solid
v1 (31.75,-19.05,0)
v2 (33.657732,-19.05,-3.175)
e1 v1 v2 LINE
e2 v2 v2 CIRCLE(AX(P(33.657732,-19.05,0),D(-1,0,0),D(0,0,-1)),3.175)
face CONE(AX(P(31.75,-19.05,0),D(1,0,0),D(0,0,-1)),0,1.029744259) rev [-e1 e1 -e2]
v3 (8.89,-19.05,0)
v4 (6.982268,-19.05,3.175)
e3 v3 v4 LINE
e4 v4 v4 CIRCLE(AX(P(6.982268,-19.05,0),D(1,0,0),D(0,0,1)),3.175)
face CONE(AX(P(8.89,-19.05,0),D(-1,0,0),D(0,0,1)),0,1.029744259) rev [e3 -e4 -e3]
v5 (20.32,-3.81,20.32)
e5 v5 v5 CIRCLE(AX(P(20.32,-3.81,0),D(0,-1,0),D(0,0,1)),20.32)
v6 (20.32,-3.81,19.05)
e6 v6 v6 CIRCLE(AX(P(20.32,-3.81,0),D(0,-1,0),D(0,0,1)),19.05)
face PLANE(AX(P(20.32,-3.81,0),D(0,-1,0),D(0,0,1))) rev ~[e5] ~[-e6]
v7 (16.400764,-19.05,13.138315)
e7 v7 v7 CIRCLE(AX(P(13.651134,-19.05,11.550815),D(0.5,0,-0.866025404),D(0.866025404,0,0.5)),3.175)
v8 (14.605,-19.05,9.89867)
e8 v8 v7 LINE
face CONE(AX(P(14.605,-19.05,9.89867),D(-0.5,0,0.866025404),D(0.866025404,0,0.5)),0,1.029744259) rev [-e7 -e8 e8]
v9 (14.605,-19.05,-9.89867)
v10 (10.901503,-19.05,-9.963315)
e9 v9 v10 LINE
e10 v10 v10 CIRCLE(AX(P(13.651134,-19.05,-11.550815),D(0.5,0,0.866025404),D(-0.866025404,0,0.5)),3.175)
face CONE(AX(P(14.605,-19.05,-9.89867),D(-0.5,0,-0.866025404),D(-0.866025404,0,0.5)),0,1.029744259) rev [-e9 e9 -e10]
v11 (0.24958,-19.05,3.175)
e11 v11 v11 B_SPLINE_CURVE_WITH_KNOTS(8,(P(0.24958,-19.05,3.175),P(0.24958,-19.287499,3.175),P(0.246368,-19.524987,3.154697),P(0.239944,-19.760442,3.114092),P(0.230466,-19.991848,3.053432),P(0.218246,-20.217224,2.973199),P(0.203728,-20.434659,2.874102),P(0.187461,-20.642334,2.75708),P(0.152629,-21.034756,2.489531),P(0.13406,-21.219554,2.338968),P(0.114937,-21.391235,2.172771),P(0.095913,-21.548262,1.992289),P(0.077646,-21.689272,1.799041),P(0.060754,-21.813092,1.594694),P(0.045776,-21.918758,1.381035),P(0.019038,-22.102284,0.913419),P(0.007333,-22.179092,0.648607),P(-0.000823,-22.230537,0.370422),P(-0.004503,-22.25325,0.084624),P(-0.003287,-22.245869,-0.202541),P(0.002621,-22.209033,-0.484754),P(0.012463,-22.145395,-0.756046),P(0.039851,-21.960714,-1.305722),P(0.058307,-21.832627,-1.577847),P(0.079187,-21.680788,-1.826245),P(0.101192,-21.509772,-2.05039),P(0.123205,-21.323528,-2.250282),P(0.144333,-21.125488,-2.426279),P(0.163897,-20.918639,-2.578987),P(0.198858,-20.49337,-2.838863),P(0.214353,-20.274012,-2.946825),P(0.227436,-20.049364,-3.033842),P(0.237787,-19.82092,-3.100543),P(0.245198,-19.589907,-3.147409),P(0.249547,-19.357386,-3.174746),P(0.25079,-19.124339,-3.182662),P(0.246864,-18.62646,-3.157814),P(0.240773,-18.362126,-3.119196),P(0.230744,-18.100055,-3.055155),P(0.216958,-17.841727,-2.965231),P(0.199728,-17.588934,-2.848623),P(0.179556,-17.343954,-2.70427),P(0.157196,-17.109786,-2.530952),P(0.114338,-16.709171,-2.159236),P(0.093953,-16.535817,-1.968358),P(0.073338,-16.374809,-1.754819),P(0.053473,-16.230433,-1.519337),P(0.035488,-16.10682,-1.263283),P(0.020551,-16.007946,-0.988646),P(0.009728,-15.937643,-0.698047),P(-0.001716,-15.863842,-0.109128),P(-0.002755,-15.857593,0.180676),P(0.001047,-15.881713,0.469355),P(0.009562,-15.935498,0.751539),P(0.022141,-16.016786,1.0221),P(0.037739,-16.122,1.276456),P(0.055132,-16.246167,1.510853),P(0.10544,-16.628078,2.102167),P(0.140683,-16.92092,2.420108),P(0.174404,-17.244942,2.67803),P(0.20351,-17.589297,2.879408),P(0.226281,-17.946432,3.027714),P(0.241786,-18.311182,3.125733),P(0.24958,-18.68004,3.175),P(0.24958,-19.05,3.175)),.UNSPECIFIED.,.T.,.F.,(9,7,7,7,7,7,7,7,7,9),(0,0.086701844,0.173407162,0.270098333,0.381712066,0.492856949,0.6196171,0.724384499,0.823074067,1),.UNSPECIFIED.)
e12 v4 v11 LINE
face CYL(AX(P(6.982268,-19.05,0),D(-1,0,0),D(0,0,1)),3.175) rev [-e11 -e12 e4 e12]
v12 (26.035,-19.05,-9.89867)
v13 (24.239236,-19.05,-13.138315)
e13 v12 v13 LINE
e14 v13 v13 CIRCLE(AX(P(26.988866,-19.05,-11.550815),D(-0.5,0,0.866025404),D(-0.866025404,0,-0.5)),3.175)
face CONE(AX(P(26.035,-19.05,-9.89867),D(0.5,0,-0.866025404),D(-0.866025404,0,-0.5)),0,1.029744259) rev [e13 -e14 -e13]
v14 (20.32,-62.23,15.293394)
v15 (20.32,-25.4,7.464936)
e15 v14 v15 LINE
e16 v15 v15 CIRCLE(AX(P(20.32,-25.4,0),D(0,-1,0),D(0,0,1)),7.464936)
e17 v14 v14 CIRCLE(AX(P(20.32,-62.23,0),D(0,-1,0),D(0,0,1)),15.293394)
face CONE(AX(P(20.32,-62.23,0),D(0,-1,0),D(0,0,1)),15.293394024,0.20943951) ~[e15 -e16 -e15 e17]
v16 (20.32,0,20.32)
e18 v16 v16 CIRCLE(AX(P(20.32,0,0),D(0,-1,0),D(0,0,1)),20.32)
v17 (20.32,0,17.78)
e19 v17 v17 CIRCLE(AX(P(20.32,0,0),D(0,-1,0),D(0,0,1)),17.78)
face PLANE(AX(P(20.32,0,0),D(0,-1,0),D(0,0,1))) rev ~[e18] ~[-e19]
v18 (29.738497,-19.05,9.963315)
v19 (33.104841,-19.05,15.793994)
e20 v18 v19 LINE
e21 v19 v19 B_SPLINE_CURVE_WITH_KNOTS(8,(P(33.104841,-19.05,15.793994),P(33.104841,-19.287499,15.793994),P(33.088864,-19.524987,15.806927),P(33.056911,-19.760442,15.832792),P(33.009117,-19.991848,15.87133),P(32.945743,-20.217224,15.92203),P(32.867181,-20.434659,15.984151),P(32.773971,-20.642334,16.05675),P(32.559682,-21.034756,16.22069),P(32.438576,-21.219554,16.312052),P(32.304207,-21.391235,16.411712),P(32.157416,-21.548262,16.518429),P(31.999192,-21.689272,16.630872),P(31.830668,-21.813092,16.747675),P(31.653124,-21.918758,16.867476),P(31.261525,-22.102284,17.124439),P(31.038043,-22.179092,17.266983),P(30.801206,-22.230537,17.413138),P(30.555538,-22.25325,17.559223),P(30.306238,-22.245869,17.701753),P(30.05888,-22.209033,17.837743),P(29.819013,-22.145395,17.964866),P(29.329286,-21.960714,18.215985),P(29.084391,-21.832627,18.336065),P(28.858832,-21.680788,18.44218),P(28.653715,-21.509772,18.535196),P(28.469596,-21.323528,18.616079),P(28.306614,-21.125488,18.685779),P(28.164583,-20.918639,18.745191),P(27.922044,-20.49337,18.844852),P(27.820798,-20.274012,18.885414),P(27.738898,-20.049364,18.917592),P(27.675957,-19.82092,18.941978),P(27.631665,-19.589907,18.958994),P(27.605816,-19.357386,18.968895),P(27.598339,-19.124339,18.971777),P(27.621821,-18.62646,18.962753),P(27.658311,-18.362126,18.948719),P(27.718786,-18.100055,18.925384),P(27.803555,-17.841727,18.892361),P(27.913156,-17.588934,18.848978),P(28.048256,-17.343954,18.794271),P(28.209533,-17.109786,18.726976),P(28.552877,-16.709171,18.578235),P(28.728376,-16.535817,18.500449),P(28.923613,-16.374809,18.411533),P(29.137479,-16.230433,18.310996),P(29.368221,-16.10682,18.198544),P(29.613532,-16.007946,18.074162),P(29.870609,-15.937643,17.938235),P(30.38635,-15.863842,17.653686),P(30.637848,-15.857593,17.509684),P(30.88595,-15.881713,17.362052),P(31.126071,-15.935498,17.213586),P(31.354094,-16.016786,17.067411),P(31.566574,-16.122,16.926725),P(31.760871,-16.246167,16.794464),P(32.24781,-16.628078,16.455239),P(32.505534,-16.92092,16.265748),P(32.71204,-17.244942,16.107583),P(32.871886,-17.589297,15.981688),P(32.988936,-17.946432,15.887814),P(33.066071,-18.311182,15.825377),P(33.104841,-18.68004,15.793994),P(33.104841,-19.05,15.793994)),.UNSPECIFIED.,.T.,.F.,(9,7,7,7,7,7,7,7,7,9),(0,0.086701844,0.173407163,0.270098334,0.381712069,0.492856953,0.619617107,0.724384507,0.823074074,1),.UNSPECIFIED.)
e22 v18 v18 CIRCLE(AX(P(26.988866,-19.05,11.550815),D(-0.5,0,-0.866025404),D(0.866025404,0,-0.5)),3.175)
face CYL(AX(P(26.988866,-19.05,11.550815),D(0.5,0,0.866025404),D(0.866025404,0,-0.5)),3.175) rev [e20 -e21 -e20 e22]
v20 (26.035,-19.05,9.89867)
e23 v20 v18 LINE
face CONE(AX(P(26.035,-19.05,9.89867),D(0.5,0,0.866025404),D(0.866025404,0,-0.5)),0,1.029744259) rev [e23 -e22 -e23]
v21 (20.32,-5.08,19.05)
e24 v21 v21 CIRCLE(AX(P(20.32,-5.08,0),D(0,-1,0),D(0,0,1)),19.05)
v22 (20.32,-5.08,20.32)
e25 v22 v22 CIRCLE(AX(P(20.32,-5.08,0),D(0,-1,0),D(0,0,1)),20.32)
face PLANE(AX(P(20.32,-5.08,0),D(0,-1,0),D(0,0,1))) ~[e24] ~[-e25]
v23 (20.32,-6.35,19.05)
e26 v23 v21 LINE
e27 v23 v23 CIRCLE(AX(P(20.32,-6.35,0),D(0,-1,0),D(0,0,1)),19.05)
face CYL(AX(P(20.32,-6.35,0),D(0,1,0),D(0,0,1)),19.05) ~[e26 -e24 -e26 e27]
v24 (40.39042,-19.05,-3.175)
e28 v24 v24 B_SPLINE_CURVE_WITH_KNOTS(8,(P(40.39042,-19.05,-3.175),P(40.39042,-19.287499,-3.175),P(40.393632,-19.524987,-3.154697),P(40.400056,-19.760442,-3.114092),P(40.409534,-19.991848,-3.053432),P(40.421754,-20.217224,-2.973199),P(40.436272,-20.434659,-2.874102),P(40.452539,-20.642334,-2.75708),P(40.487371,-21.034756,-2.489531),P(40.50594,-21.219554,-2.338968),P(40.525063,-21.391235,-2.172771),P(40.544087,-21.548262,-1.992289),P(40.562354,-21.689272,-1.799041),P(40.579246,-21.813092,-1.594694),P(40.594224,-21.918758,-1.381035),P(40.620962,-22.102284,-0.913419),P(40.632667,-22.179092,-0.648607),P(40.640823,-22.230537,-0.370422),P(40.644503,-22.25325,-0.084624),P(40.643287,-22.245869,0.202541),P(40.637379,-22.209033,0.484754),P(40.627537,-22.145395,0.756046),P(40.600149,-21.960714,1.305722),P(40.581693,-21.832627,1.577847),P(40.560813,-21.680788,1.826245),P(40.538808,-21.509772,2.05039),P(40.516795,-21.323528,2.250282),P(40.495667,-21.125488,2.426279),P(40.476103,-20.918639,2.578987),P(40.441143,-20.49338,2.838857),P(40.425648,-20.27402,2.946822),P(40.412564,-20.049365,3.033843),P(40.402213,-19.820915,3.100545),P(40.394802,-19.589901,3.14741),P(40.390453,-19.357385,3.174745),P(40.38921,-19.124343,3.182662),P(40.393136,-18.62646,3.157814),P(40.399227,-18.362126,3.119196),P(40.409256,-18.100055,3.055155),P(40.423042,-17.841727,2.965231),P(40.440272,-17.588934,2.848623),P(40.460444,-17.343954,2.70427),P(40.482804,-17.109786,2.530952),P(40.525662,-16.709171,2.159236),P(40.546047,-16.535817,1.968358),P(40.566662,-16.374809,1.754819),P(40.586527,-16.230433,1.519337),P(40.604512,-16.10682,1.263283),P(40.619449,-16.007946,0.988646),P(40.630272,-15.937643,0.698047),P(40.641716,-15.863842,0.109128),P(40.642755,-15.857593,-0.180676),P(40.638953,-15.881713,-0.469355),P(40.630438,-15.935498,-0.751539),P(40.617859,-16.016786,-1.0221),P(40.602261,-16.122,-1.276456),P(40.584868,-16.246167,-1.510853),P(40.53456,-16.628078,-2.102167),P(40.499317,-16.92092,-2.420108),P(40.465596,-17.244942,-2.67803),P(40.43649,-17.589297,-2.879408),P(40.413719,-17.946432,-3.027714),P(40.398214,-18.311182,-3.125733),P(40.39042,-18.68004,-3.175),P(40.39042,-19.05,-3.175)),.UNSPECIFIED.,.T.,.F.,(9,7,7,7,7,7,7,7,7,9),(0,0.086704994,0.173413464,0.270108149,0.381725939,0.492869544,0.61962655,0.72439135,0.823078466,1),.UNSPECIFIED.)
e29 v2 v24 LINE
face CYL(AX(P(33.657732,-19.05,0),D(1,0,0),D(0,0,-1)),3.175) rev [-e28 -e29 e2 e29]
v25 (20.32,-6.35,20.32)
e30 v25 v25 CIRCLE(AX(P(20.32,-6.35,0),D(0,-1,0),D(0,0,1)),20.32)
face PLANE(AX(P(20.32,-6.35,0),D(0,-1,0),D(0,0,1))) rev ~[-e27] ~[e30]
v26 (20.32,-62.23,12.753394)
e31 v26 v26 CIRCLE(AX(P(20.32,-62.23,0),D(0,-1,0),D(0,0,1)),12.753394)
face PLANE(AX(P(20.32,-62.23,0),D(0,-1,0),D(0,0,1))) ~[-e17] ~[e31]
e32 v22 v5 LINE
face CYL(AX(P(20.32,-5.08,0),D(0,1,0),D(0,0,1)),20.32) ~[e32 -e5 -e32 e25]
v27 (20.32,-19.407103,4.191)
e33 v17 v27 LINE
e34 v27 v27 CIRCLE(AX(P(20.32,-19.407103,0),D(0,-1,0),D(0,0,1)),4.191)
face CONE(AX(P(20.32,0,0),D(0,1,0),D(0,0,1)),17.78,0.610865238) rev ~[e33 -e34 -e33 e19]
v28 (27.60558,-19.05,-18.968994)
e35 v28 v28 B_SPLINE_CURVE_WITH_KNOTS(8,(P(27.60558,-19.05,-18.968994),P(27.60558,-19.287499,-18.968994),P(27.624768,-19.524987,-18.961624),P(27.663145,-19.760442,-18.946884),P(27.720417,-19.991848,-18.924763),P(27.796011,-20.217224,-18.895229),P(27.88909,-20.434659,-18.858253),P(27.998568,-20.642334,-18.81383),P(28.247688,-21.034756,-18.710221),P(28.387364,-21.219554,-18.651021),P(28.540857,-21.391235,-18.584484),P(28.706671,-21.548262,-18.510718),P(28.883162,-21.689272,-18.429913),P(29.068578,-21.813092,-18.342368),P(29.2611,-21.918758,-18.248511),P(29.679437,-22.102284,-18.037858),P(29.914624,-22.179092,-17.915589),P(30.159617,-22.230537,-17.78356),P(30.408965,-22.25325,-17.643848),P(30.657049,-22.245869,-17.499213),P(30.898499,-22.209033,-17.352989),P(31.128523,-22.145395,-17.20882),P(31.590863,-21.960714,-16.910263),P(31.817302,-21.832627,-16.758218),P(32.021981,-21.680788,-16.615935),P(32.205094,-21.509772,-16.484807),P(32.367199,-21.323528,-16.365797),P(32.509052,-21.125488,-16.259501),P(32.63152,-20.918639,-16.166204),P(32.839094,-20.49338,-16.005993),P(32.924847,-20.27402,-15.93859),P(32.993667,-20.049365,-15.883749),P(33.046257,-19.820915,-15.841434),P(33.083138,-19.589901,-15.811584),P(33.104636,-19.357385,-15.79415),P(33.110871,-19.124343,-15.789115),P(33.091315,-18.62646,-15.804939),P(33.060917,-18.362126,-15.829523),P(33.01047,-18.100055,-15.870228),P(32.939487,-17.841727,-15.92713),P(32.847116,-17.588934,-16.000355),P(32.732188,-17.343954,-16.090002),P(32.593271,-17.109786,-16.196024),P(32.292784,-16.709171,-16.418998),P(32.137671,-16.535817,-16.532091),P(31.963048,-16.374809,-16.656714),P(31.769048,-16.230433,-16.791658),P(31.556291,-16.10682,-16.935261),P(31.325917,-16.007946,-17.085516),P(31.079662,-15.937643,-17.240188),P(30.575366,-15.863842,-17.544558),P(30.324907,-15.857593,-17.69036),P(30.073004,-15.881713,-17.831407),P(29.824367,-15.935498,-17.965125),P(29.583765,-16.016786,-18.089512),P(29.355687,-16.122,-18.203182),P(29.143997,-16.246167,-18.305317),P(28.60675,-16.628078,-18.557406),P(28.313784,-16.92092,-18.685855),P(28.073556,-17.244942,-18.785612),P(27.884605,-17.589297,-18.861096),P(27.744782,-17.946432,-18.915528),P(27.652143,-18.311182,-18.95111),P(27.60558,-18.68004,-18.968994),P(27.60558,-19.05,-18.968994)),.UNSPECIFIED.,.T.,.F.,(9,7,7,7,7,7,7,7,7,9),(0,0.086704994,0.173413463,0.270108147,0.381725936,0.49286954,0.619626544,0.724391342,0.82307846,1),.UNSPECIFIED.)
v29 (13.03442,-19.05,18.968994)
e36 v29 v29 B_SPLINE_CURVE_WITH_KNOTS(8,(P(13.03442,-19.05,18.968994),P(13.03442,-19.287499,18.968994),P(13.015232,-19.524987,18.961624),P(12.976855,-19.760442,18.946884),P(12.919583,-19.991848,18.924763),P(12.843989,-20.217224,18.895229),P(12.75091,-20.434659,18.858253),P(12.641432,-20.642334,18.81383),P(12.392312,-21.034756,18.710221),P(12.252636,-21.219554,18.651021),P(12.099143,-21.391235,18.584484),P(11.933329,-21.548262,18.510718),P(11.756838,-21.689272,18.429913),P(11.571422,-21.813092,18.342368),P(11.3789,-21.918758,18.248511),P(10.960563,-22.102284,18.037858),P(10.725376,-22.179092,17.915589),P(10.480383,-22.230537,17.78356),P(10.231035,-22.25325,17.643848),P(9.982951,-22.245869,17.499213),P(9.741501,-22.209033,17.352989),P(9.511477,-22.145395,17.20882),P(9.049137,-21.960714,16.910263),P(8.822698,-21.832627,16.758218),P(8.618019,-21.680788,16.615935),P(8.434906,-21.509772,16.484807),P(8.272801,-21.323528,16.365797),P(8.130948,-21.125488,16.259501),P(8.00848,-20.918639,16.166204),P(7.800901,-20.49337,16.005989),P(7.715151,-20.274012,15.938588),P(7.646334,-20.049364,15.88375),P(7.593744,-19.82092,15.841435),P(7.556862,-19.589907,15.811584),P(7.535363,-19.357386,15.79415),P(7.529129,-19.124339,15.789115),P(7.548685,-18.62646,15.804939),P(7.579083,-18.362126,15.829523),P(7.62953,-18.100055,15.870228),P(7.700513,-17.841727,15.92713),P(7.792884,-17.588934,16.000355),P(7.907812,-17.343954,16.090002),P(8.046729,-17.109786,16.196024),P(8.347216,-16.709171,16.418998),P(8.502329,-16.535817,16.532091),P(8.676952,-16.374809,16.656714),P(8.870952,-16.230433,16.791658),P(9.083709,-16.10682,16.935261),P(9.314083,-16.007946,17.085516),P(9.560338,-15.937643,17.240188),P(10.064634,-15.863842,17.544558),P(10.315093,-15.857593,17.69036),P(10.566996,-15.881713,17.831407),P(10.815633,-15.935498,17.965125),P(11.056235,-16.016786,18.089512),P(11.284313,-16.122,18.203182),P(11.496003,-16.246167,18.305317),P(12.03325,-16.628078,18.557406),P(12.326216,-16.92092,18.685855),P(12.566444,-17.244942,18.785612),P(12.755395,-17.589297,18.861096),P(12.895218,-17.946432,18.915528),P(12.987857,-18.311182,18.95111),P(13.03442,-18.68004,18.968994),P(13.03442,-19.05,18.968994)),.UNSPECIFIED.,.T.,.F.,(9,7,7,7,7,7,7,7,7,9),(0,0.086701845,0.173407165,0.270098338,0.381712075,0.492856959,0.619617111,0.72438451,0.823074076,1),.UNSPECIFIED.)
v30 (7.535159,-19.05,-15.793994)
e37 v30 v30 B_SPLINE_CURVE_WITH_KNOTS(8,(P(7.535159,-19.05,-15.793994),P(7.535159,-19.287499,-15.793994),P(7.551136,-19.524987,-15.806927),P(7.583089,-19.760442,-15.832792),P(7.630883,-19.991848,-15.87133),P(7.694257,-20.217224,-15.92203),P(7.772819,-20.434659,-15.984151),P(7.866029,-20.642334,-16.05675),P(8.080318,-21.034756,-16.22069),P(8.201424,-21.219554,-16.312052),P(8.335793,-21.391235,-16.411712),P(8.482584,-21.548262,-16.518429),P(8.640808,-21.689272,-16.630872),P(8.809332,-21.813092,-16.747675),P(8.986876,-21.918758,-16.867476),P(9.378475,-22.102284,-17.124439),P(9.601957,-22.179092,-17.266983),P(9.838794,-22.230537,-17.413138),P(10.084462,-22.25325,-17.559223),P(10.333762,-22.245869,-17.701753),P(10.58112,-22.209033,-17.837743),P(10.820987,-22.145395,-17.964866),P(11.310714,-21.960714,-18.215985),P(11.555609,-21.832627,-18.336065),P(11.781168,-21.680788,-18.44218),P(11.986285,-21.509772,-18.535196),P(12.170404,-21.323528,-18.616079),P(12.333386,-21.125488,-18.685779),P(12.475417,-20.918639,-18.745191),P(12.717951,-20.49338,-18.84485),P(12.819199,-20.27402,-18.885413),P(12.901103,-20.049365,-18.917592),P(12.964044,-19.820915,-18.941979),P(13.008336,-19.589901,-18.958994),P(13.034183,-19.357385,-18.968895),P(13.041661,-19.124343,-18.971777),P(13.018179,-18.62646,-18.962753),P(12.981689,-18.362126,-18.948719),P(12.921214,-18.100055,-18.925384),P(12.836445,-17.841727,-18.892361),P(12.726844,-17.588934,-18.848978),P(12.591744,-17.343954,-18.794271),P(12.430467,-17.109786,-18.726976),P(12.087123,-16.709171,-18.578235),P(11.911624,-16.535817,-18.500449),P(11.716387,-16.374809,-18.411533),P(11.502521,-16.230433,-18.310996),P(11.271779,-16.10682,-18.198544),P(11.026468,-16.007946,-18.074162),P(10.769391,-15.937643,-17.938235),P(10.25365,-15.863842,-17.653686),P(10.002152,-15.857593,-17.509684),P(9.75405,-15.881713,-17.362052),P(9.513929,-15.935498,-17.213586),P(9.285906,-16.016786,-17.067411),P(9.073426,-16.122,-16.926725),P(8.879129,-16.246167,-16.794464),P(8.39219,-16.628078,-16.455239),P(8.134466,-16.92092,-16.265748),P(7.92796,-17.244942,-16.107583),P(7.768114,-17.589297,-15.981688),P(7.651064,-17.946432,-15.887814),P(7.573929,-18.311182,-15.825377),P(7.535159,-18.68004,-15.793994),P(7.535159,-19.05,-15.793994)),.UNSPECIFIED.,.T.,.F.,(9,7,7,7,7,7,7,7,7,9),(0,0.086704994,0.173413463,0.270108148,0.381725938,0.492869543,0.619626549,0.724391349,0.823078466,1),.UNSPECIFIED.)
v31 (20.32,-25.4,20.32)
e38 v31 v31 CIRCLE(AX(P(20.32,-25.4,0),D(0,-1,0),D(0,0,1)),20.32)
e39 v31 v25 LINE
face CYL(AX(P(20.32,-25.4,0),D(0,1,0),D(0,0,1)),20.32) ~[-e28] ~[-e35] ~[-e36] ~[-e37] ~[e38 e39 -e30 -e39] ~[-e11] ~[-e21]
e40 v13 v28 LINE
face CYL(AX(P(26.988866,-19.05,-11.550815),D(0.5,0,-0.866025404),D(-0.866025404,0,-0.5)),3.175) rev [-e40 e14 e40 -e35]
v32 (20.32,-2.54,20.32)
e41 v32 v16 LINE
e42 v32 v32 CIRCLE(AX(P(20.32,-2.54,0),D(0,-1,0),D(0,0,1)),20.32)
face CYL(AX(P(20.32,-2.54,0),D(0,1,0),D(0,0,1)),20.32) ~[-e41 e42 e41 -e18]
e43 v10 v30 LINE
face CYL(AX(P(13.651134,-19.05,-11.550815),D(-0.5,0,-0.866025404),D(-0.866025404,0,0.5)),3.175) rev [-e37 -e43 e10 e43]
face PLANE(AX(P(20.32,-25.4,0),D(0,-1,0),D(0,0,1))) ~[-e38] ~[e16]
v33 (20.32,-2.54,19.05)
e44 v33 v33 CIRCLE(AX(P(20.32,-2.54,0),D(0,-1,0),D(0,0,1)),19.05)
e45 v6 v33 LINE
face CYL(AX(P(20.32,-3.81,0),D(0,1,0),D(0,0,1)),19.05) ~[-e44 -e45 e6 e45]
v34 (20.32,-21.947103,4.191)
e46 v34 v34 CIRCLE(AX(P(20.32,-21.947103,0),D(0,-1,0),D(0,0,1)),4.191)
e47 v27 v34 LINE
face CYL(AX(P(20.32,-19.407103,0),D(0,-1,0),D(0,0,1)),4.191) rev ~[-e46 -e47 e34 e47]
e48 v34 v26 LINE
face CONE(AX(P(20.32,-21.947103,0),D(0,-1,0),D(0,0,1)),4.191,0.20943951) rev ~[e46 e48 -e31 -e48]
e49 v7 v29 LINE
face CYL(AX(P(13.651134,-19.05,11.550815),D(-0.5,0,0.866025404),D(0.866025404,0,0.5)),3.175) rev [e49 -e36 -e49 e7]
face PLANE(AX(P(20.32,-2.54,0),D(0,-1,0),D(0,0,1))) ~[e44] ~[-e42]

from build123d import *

# Parameters (mm, degrees)
RADIAL_BOLTS_COUNT = 6


with BuildPart() as part:
    # Sketch1 → base_revolve (revolve)
    with BuildSketch(Plane.XY, mode=Mode.PRIVATE) as base_revolve_sk:
        Polygon((0, 0), (2.54, 0), (16.129, -19.407103264), (16.129, -21.947103264), (7.566605976, -62.23), (5.026605976, -62.23), (12.855064142, -25.4), (0, -25.4), (0, -6.35), (1.27, -6.35), (1.27, -5.08), (0, -5.08), (0, -3.81), (1.27, -3.81), (1.27, -2.54), (0, -2.54), align=None)
    revolve(base_revolve_sk.sketch.rotate(Axis((20.32, 0, 0), (0, -1, 0)), 270), axis=Axis((20.32, 0, 0), (0, -1, 0)))

    # Sketch3 → 1/4 (0.25) Diameter Hole1 (revolve, cut)
    with BuildSketch(Plane(origin=(40.64, -19.05, 0), x_dir=(0, 0, -1), z_dir=(0, 1, 0))):
        Polygon((0, 0), (0, 8.89), (3.175, 6.982267535), (3.175, 0), align=None)
    f_1_4_0_25_diameter_hole1 = revolve(axis=Axis((46.99, -19.05, 0), (-1, 0, 0)), mode=Mode.SUBTRACT)

    # radial_bolts: 1/4 (0.25) Diameter Hole1 ×6 about axis
    radial_bolts_axis = Axis((20.32, 0, 0), (0, 1, 0))
    for i in range(1, RADIAL_BOLTS_COUNT):
        add(f_1_4_0_25_diameter_hole1.rotate(radial_bolts_axis, i * 360 / RADIAL_BOLTS_COUNT), mode=Mode.SUBTRACT)


solid = part.part
